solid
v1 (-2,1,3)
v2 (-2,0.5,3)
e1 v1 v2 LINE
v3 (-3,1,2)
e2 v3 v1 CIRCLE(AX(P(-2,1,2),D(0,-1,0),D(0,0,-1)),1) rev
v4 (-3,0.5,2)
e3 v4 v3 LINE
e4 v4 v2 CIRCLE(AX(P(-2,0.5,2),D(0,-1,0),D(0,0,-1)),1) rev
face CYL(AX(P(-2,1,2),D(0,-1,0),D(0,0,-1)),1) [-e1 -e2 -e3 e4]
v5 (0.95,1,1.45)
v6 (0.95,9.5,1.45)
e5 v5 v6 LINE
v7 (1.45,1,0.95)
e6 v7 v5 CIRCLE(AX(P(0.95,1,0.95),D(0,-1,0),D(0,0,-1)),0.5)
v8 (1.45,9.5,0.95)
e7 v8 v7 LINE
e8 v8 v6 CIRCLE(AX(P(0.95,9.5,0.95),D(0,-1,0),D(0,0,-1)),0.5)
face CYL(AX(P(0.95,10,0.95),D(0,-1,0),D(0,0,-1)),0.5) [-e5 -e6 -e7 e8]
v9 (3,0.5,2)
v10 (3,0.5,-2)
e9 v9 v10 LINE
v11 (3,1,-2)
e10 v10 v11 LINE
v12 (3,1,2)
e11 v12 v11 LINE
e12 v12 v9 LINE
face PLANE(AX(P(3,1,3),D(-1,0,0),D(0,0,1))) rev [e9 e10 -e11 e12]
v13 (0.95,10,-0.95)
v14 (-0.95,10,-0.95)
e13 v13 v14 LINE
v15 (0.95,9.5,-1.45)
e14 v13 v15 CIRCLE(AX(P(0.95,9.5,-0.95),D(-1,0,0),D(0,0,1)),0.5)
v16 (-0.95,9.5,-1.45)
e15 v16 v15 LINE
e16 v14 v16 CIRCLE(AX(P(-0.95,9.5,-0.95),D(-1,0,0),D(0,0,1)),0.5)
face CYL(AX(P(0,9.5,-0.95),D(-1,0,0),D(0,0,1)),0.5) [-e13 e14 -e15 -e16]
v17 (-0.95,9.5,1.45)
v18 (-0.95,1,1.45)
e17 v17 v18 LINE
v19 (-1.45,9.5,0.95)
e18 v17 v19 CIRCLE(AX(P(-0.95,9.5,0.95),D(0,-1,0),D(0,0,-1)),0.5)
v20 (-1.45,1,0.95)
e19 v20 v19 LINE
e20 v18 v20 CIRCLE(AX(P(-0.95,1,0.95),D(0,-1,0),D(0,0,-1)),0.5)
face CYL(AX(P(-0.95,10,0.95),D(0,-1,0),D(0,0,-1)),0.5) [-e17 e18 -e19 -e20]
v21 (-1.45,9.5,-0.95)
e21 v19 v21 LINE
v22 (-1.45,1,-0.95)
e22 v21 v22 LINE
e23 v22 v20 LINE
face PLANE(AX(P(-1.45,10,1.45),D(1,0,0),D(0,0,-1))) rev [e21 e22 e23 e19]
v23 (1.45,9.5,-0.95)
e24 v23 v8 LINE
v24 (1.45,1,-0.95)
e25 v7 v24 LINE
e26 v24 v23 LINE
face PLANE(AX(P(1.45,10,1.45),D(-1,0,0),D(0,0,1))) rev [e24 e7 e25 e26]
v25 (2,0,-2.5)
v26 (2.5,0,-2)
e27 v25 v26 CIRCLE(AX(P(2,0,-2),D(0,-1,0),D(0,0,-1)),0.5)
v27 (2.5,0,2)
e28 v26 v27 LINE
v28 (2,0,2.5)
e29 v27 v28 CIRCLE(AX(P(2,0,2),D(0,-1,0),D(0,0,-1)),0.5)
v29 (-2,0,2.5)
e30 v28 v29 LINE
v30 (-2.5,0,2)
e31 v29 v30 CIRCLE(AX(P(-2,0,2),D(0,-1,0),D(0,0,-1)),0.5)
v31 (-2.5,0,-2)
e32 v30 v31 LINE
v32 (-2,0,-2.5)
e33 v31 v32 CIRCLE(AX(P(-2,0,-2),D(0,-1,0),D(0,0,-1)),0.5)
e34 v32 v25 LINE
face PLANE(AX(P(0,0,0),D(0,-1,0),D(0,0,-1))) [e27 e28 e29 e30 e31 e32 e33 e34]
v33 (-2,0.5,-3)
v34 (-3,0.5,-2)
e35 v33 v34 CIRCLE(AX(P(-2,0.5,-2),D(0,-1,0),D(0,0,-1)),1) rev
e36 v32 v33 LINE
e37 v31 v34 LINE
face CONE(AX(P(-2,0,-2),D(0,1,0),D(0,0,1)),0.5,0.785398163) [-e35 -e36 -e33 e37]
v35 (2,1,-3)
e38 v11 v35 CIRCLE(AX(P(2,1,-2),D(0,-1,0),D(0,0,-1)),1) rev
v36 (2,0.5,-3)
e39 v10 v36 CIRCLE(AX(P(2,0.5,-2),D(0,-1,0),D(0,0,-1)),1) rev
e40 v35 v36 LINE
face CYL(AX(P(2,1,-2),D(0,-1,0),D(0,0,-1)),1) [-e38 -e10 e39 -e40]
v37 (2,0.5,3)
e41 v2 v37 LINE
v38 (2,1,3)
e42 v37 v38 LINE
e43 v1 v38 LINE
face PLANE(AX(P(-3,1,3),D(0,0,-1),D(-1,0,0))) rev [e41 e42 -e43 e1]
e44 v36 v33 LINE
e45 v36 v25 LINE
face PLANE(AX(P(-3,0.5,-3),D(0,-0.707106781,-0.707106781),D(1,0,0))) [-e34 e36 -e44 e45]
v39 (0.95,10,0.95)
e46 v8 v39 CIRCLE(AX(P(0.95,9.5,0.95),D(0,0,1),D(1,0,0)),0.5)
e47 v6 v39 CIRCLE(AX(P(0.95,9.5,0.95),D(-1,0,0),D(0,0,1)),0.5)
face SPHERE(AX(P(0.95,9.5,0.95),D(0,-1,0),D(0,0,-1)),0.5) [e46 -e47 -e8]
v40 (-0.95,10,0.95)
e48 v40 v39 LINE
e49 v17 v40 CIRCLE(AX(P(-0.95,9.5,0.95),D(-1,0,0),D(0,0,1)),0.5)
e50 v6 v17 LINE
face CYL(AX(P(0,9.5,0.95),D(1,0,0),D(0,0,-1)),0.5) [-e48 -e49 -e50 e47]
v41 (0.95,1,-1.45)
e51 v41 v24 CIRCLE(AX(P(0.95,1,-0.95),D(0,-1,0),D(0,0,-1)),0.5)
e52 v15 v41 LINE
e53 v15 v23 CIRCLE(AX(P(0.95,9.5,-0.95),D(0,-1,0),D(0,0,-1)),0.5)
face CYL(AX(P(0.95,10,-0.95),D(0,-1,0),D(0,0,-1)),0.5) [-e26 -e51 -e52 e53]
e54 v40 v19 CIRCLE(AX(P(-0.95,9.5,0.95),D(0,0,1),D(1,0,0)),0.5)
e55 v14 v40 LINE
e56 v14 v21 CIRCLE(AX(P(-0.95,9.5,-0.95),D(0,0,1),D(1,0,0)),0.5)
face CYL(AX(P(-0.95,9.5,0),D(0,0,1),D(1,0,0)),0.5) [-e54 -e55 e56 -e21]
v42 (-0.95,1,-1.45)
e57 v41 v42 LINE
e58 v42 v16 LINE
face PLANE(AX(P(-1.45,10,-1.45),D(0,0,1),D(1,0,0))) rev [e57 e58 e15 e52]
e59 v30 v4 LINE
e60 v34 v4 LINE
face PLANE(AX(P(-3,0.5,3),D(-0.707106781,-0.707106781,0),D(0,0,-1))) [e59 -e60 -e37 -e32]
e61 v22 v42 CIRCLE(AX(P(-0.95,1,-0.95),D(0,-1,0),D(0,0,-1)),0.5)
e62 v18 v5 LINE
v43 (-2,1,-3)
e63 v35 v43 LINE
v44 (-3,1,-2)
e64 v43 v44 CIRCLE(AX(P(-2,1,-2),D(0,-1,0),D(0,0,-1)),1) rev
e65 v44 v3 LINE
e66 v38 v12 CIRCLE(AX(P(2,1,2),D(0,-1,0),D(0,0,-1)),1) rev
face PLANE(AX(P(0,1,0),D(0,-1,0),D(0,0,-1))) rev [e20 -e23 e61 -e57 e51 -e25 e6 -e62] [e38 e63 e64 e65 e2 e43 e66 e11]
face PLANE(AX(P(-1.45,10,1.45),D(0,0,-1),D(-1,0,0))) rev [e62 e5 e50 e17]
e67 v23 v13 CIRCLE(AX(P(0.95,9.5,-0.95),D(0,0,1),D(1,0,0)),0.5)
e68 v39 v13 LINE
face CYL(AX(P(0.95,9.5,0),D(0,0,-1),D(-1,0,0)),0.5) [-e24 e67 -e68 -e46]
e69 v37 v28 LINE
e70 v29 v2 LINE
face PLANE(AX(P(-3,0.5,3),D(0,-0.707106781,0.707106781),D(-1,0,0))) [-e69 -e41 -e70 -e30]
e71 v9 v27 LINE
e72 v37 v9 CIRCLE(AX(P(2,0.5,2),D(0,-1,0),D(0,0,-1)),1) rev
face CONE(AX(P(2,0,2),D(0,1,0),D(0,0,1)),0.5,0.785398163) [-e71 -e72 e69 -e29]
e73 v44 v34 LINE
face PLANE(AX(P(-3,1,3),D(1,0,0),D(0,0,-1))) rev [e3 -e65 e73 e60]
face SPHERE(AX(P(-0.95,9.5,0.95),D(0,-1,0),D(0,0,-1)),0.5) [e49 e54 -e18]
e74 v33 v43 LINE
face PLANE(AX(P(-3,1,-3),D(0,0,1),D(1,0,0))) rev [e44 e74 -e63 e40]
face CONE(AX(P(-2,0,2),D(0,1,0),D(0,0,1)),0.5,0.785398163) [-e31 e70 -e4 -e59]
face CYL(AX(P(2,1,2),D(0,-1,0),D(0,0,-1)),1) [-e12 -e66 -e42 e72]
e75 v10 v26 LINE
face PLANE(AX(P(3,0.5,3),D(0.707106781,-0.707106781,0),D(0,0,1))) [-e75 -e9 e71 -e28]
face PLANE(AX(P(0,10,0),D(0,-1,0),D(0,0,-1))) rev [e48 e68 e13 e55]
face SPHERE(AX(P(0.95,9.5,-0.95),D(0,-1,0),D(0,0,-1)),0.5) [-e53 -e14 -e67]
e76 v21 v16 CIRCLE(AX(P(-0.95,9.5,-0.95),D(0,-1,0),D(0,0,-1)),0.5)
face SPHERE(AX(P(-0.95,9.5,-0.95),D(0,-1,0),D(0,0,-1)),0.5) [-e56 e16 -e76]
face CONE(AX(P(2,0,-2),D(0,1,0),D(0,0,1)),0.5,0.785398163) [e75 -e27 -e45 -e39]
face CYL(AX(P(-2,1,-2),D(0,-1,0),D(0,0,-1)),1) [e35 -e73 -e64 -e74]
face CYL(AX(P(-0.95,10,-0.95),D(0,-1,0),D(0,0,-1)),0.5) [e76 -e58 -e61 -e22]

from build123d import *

# Parameters (mm, degrees)
SKETCH1_W           = 6
SKETCH1_H           = 6
BOSS_EXTRUDE1_DEPTH = 1
FILLET1_R           = 1
SKETCH2_W           = 2.9
SKETCH2_H           = 2.9
BOSS_EXTRUDE2_DEPTH = 9
FILLET2_R           = 0.5
FILLET3_R           = 0.5
CHAMFER1_SIZE       = 0.5


with BuildPart() as part:
    # Sketch1 → Boss-Extrude1 (new body)
    with BuildSketch(Plane(origin=(0, 0, 0), x_dir=(1, 0, 0), z_dir=(0, 1, 0))):
        Rectangle(SKETCH1_W, SKETCH1_H)
    extrude(amount=BOSS_EXTRUDE1_DEPTH)

    # Fillet1
    fillet1_edges = [part.edges().sort_by_distance(p)[0] for p in [
        (3, 0.5, 3),
        (-3, 0.5, 3),
        (-3, 0.5, -3),
        (3, 0.5, -3),
    ]]
    fillet(fillet1_edges, radius=FILLET1_R)

    # Sketch2 → Boss-Extrude2 (add)
    with BuildSketch(Plane(origin=(0, 1, 0), x_dir=(1, 0, 0), z_dir=(0, 1, 0))):
        Rectangle(SKETCH2_W, SKETCH2_H)
    extrude(amount=BOSS_EXTRUDE2_DEPTH)

    # Fillet2
    fillet2_edges = [part.edges().sort_by_distance(p)[0] for p in [
        (1.45, 5.5, 1.45),
        (1.45, 5.5, -1.45),
        (-1.45, 5.5, -1.45),
        (-1.45, 5.5, 1.45),
    ]]
    fillet(fillet2_edges, radius=FILLET2_R)

    # Fillet3
    fillet3_edges = [part.edges().sort_by_distance(p)[0] for p in [
        (0, 10, -1.45),
        (1.45, 10, 0),
        (-1.45, 10, 0),
        (0, 10, 1.45),
        (-1.303553391, 10, 1.303553391),
        (1.303553391, 10, 1.303553391),
        (-1.303553391, 10, -1.303553391),
        (1.303553391, 10, -1.303553391),
    ]]
    fillet(fillet3_edges, radius=FILLET3_R)

    # Chamfer1
    chamfer1_edges = [part.edges().sort_by_distance(p)[0] for p in [
        (0, 0, 3),
        (3, 0, 0),
        (-3, 0, 0),
        (0, 0, -3),
        (2.707106781, 0, 2.707106781),
        (2.707106781, 0, -2.707106781),
        (-2.707106781, 0, -2.707106781),
        (-2.707106781, 0, 2.707106781),
    ]]
    chamfer(chamfer1_edges, length=CHAMFER1_SIZE)


solid = part.part
